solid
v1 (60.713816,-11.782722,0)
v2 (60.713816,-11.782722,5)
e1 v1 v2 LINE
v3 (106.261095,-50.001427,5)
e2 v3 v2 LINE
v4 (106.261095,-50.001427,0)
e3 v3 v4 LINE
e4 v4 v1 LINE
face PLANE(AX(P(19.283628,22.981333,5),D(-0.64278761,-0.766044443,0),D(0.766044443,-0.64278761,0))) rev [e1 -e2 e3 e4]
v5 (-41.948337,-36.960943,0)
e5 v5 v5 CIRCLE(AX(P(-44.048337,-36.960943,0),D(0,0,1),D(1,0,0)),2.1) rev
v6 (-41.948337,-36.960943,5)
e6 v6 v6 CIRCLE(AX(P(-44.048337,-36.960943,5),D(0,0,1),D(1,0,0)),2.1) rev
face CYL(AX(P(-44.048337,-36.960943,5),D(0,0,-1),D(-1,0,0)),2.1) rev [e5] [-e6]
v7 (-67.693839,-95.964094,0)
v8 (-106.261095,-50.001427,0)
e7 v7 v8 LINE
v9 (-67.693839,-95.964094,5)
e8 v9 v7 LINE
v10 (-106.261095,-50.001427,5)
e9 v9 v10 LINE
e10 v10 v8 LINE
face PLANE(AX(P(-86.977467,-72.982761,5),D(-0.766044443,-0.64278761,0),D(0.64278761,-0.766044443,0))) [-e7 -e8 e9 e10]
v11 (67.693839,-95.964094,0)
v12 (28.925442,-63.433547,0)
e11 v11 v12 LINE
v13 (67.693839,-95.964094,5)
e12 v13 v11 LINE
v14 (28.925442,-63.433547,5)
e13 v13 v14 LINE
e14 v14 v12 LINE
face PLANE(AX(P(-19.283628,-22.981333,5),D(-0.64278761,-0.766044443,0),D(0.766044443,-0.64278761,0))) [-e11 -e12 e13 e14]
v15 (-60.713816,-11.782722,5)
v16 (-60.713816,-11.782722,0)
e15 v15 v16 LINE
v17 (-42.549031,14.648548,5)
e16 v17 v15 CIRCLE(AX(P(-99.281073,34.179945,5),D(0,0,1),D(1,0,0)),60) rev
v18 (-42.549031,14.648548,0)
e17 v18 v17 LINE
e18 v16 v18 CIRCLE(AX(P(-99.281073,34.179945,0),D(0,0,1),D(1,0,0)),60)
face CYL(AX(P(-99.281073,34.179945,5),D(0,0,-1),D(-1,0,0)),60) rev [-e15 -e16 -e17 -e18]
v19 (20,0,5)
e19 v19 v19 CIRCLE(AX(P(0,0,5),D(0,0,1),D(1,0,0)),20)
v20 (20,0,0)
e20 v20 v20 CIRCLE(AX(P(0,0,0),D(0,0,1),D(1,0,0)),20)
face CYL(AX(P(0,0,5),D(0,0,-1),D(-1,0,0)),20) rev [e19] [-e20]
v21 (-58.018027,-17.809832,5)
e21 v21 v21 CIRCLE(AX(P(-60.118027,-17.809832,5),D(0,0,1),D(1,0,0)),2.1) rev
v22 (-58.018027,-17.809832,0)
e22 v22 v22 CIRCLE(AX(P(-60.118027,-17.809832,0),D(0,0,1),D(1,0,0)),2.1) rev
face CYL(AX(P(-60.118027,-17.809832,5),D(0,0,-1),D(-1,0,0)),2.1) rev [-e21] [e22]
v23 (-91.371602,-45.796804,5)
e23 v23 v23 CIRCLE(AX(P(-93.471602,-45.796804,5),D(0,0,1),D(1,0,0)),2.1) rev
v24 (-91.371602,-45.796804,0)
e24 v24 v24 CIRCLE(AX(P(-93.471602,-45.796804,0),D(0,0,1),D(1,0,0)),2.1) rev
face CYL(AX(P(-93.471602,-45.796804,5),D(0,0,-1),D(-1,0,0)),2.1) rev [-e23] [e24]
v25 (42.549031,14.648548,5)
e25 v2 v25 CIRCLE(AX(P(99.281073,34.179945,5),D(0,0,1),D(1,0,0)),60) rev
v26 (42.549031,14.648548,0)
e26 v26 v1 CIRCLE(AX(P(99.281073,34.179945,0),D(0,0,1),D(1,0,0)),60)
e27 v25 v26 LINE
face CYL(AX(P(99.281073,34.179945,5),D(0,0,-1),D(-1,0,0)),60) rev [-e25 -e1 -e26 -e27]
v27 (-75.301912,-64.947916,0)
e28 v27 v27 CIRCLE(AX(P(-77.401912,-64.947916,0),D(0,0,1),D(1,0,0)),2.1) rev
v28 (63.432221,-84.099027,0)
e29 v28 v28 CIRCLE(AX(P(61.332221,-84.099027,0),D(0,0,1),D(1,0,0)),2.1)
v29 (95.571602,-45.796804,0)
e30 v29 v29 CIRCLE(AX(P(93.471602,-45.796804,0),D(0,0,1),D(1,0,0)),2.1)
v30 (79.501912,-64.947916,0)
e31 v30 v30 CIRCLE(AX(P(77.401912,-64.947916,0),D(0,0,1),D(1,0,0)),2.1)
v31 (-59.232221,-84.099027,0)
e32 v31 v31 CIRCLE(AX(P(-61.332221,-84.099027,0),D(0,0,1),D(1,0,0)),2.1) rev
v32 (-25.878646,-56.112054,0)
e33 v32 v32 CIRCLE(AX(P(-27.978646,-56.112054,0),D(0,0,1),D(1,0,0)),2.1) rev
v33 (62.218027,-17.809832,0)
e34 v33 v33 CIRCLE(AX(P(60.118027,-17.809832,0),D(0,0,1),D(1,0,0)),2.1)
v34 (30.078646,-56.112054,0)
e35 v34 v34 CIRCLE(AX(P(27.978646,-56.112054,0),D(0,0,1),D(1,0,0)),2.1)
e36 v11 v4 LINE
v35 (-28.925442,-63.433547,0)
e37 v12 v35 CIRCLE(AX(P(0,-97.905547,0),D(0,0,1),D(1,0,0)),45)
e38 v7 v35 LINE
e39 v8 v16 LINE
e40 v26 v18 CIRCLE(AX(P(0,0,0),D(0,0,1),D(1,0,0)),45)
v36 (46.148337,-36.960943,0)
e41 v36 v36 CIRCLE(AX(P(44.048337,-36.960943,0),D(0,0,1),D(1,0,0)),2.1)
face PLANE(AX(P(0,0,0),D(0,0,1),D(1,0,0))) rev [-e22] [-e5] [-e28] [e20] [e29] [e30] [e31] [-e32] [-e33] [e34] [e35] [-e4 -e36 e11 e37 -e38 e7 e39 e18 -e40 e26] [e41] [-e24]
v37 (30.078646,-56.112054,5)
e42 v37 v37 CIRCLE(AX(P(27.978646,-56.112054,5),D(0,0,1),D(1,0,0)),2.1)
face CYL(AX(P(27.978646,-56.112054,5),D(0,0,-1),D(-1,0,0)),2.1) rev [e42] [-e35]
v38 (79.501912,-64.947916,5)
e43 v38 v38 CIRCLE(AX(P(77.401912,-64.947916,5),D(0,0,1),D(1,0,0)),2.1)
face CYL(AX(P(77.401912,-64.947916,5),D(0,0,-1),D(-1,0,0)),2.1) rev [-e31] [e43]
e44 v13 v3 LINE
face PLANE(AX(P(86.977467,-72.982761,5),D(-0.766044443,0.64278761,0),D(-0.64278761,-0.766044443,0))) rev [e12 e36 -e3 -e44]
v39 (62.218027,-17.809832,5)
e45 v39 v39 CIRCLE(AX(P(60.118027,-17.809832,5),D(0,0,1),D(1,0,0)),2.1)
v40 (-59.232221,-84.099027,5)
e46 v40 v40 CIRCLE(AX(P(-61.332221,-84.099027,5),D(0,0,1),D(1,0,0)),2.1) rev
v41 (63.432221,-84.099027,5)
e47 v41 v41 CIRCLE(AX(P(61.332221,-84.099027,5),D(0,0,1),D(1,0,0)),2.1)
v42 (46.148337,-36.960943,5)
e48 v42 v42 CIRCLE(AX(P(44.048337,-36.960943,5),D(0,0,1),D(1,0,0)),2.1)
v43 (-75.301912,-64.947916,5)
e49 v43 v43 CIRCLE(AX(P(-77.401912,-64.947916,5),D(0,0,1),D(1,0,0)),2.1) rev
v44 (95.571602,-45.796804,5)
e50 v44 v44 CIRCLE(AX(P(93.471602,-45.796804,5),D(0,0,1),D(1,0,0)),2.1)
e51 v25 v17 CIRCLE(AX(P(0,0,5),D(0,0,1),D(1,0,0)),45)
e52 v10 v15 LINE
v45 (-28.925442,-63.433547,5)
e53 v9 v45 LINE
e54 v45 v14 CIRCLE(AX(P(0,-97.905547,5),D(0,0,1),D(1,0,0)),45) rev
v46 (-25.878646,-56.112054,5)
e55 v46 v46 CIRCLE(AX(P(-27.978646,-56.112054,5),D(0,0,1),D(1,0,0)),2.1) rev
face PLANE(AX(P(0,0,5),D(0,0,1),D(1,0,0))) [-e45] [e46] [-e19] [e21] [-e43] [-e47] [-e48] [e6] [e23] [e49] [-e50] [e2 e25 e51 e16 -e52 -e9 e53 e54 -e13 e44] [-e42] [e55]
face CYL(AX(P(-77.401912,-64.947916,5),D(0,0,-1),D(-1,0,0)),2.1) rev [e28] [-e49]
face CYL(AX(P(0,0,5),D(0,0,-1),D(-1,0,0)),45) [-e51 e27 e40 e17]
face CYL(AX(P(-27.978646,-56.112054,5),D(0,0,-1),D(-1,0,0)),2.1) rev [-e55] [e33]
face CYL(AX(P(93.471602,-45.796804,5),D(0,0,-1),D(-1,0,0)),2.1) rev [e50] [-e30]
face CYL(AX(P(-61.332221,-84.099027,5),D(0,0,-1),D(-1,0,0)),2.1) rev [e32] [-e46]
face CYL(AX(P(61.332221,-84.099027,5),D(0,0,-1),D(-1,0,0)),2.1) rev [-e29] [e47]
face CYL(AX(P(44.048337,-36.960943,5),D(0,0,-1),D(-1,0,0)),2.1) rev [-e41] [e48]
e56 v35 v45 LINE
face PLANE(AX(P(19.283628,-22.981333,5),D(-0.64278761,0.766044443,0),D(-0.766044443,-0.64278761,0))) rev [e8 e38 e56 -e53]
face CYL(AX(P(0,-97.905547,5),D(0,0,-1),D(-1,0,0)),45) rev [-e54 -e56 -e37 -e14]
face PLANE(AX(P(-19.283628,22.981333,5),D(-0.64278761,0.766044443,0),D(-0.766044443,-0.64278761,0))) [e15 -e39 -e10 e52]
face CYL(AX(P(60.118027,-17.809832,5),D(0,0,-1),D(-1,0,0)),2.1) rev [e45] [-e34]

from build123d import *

# Parameters (mm, degrees)
SKETCH1_R           = 2.1
SKETCH1_R_2         = 20
BOSS_EXTRUDE1_DEPTH = 5
FILLET1_R           = 60
FILLET3_R           = 45


with BuildPart() as part:
    # Sketch1 → Boss-Extrude1 (new body)
    with BuildSketch(Plane.XY):
        with BuildLine():
            Line((-106.261095469, -50.001427337), (-67.693838888, -95.964093924))
            Line((-67.693838888, -95.964093924), (0, -39.16221868))
            Line((0, -39.16221868), (67.693838888, -95.964093924))
            Line((67.693838888, -95.964093924), (106.261095469, -50.001427337))
            Line((106.261095469, -50.001427337), (44.97754002, 1.421581438))
            ThreePointArc((44.97754002, 1.421581438), (0, 45), (-44.97754002, 1.421581438))
            Line((-44.97754002, 1.421581438), (-106.261095469, -50.001427337))
        make_face()
        with Locations((-61.332221397, -84.099026587)):
            Circle(SKETCH1_R, mode=Mode.SUBTRACT)
        with Locations((-77.40191164, -64.947915509)):
            Circle(SKETCH1_R, mode=Mode.SUBTRACT)
        with Locations((-93.471601882, -45.796804431)):
            Circle(SKETCH1_R, mode=Mode.SUBTRACT)
        with Locations((-27.978646344, -56.112054061)):
            Circle(SKETCH1_R, mode=Mode.SUBTRACT)
        with Locations((-44.048336586, -36.960942983)):
            Circle(SKETCH1_R, mode=Mode.SUBTRACT)
        with Locations((-60.118026828, -17.809831905)):
            Circle(SKETCH1_R, mode=Mode.SUBTRACT)
        Circle(SKETCH1_R_2, mode=Mode.SUBTRACT)
        with Locations((60.118026828, -17.809831905)):
            Circle(SKETCH1_R, mode=Mode.SUBTRACT)
        with Locations((61.332221397, -84.099026587)):
            Circle(SKETCH1_R, mode=Mode.SUBTRACT)
        with Locations((77.40191164, -64.947915509)):
            Circle(SKETCH1_R, mode=Mode.SUBTRACT)
        with Locations((27.978646344, -56.112054061)):
            Circle(SKETCH1_R, mode=Mode.SUBTRACT)
        with Locations((44.048336586, -36.960942983)):
            Circle(SKETCH1_R, mode=Mode.SUBTRACT)
        with Locations((93.471601882, -45.796804431)):
            Circle(SKETCH1_R, mode=Mode.SUBTRACT)
    extrude(amount=BOSS_EXTRUDE1_DEPTH)

    # Fillet1
    fillet1_edges = [part.edges().sort_by_distance(p)[0] for p in [
        (44.97754002, 1.421581438, 2.5),
        (-44.97754002, 1.421581438, 2.5),
    ]]
    fillet(fillet1_edges, radius=FILLET1_R)

    # Fillet3
    fillet3_edges = [part.edges().sort_by_distance(p)[0] for p in [
        (0, -39.16221868, 2.5),
    ]]
    fillet(fillet3_edges, radius=FILLET3_R)


solid = part.part
